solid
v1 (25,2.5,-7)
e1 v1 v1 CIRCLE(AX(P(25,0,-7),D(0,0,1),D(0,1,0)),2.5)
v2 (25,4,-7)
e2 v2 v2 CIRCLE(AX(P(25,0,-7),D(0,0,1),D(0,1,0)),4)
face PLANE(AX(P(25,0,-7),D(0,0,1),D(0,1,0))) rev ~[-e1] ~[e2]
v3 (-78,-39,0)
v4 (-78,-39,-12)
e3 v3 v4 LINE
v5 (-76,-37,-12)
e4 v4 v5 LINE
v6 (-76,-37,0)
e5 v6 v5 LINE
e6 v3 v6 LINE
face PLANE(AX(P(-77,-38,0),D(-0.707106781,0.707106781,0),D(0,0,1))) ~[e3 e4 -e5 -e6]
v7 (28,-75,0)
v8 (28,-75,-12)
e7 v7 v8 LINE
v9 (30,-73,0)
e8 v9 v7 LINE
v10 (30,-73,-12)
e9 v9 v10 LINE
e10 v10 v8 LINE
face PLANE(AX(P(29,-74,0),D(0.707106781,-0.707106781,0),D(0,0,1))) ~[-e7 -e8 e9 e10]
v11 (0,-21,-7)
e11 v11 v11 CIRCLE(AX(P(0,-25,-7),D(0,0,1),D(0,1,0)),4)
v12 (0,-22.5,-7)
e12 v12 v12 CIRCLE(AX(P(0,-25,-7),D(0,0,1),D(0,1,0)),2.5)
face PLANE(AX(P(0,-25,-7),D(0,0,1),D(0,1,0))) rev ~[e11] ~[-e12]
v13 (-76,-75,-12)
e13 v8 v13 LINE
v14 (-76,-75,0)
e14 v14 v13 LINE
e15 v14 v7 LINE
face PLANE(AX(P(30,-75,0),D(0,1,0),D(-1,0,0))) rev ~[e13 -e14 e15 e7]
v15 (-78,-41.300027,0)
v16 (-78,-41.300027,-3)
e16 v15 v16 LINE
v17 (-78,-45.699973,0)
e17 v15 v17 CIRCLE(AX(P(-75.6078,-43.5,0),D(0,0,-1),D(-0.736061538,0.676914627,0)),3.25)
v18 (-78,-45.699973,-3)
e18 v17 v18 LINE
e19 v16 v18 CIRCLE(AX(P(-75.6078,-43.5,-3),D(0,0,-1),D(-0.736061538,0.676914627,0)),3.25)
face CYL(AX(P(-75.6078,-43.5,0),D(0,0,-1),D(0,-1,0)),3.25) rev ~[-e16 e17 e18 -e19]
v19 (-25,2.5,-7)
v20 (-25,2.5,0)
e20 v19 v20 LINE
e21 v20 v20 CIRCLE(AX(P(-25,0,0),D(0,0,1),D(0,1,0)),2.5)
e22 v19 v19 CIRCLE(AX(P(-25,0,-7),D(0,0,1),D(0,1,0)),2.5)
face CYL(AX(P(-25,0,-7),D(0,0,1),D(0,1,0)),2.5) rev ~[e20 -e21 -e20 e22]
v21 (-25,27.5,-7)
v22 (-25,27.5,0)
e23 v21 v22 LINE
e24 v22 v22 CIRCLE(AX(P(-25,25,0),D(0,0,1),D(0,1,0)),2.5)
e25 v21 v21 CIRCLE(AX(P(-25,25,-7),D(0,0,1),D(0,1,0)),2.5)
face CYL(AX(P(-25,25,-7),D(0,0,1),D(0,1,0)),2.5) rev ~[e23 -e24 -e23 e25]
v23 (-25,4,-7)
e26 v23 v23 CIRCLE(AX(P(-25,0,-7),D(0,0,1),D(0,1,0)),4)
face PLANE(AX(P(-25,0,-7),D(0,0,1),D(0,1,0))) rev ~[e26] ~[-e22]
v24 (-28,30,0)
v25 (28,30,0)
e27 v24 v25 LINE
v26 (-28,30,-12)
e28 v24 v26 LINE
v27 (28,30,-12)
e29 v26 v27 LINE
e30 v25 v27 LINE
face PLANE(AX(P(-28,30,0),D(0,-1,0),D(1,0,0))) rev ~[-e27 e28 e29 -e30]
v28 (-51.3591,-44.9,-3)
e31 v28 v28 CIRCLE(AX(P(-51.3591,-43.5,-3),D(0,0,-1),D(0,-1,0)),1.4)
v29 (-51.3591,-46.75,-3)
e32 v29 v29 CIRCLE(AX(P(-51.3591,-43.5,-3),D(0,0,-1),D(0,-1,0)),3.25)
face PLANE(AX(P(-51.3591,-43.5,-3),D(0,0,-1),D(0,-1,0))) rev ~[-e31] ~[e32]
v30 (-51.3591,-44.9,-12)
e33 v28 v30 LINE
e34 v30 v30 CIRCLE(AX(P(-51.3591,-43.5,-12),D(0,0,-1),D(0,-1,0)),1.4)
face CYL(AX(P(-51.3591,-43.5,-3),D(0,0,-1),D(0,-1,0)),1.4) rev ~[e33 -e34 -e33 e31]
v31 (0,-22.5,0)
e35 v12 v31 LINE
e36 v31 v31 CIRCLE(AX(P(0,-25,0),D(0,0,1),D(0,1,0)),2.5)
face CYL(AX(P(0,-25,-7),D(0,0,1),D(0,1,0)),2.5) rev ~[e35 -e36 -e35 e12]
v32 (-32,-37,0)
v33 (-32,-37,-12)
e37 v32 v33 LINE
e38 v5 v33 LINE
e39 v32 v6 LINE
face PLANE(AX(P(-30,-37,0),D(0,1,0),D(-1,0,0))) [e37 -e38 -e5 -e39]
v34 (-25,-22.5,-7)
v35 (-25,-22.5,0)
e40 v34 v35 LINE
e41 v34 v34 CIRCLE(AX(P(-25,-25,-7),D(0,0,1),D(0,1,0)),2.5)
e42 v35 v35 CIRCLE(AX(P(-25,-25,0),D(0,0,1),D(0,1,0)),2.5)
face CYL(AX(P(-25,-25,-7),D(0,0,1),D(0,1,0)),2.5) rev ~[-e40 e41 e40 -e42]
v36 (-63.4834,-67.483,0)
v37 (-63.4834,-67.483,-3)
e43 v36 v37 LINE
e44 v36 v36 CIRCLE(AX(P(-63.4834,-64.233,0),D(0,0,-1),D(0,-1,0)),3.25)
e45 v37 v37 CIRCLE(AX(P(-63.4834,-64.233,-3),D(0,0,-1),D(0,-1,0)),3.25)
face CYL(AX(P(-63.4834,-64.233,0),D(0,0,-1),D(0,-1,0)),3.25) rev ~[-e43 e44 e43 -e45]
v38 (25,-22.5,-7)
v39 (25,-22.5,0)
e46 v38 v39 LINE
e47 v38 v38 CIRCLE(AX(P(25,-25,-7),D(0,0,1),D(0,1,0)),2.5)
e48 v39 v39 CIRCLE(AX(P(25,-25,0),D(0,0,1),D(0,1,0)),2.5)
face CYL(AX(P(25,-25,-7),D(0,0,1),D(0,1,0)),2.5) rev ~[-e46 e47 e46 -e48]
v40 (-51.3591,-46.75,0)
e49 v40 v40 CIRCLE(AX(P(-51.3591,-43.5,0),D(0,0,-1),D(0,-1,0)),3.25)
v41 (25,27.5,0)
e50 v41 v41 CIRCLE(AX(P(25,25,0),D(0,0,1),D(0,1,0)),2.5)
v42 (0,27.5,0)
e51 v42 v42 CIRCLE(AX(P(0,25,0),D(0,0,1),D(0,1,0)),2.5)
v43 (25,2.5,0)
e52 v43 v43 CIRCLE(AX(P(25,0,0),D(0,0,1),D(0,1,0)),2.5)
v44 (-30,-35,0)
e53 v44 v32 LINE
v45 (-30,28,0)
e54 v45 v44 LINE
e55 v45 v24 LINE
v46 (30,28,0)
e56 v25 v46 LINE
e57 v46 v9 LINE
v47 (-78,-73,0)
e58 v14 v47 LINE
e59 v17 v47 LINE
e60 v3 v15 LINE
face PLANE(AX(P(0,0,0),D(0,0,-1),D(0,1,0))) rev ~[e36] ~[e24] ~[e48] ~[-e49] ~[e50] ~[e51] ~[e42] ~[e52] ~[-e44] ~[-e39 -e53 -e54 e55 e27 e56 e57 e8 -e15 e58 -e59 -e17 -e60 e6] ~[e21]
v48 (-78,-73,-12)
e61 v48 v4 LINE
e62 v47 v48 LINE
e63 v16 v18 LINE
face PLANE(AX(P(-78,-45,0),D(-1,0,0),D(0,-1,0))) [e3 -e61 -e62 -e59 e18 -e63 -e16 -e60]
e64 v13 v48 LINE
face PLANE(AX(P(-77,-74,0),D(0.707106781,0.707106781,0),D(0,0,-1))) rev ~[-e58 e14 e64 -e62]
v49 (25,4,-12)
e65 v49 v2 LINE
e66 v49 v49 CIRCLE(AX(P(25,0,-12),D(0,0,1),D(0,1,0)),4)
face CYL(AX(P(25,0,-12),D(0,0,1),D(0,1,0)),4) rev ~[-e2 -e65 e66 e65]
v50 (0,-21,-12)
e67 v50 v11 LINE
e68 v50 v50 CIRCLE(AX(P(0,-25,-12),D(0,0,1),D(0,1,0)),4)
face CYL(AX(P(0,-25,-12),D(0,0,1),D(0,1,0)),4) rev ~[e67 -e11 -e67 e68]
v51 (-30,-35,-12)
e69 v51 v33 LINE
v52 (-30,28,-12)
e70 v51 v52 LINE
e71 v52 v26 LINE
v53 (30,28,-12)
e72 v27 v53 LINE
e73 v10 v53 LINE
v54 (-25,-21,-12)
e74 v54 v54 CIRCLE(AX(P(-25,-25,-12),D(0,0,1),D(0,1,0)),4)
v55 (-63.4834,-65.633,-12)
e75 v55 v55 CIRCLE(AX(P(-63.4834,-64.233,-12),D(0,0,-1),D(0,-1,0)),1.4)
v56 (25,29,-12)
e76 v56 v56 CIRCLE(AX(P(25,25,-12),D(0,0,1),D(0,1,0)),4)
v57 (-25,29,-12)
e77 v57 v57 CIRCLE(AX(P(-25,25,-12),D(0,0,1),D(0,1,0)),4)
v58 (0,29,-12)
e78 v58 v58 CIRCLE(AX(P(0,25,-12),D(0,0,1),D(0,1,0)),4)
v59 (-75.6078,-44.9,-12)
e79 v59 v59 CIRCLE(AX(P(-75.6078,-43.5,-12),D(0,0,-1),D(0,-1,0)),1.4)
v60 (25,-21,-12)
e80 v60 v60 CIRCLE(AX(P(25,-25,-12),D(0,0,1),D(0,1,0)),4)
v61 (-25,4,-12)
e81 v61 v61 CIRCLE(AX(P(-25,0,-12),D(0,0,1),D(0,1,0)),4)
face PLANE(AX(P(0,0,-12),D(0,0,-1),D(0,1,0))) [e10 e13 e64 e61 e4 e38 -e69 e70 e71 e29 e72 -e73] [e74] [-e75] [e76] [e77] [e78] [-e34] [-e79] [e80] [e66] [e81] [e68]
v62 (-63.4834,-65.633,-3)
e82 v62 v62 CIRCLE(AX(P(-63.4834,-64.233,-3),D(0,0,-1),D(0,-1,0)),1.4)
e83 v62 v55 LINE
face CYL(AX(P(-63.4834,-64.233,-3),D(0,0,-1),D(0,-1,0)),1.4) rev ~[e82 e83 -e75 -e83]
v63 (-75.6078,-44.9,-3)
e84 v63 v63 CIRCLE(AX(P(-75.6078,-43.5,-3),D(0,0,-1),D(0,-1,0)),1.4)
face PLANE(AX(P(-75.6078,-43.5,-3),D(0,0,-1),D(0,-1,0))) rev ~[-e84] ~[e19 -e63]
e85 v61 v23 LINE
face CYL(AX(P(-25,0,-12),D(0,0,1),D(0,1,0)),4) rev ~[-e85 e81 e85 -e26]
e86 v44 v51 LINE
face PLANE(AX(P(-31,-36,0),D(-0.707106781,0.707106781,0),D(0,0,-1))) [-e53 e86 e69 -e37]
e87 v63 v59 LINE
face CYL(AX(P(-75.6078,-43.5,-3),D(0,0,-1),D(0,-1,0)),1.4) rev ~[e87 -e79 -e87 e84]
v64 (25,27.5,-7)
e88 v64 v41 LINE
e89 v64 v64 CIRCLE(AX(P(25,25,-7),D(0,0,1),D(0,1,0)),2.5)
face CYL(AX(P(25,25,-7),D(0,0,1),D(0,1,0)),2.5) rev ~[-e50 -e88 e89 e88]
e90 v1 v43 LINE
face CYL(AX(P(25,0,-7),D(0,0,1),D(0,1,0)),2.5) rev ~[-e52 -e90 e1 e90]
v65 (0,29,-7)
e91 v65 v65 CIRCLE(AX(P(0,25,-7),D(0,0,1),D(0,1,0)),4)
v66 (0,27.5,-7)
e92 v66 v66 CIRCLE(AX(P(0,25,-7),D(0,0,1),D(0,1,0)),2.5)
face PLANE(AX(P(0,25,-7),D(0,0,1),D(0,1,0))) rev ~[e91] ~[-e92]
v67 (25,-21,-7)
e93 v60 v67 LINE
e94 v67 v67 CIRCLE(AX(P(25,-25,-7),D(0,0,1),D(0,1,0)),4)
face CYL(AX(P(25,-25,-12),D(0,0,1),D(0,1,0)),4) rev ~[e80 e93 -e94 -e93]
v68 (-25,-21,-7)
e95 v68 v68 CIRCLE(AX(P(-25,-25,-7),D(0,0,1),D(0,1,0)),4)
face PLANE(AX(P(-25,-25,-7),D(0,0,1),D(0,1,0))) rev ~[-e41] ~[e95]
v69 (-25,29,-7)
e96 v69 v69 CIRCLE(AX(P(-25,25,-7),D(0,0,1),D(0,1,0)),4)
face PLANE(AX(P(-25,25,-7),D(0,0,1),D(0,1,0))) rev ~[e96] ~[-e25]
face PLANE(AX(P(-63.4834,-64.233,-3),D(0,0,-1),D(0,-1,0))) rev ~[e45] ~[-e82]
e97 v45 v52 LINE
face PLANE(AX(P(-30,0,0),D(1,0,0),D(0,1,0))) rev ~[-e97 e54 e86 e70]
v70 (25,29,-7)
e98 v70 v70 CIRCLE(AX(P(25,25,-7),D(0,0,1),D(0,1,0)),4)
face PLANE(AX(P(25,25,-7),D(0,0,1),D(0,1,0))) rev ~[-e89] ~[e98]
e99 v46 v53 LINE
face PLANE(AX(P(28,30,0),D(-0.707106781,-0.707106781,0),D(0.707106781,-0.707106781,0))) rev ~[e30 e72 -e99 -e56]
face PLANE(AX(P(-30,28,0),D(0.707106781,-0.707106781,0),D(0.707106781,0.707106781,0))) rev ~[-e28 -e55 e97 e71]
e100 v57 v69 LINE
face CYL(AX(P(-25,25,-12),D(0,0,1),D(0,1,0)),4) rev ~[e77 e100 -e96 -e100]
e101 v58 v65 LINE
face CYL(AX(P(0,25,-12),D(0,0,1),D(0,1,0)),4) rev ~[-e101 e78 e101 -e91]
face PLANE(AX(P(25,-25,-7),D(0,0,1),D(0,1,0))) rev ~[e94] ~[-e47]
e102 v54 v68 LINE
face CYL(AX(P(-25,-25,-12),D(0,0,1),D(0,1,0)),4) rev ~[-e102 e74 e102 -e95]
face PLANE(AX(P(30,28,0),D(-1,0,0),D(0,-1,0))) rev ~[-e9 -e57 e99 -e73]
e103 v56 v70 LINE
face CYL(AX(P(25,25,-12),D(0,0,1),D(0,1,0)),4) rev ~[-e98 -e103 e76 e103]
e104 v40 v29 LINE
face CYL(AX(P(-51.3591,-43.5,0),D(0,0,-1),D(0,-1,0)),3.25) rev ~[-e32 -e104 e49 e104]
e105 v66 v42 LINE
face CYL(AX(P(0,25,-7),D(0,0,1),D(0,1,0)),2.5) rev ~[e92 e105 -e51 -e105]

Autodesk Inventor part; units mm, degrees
ref_plane "YZ Plane" through (0, 0, 0) normal (1, 0, 0) x (0, 1, 0)
ref_plane "XZ Plane" through (0, 0, 0) normal (0, 1, 0) x (-1, 0, 0)
ref_plane "XY Plane" through (0, 0, 0) normal (0, 0, 1) x (1, 0, 0)
ref_plane "Arbeitsebene2" through (0, 0, 0) normal (0, 0, -1) x (0, 1, 0)
sketch "Skizze6" plane through (0, 0, 0) normal (0, 0, -1) x (0, 1, 0)
  circle A0 centre (0, 25) radius 1.95 projected
  circle A1 centre (-25, 0) radius 1.95 projected
  circle A2 centre (-25, -25) radius 1.95 projected
  circle A3 centre (25, 25) radius 1.95 projected
  circle A4 centre (25, -25) radius 1.95 projected
  circle A5 centre (-25, 25) radius 1.95 projected
  circle A6 centre (25, 0) radius 1.95 projected
  circle A7 centre (0, -25) radius 1.95 projected
  line L0 (-28, 30) -> (-30, 28) projected
  line L1 (-30, 28) -> (-30, -28) projected
  line L2 (-30, -28) -> (-28, -30) projected
  line L3 (-28, -30) -> (28, -30) projected
  line L4 (28, -30) -> (30, -28) projected
  line L5 (30, -28) -> (30, 28) projected
  line L6 (30, 28) -> (28, 30) projected
  line L7 (28, 30) -> (-28, 30) projected
  line L8 (-40.5166, -48.4344) -> (-70.5166, -48.4344) construction
  line L9 (-70.5166, -48.4344) -> (-70.5166, -78.4344) construction
  line L10 (-70.5166, -78.4344) -> (-40.5166, -78.4344) construction
  line L11 (-40.5166, -78.4344) -> (-40.5166, -48.4344) construction
  line L12 (-40.5166, -48.4344) -> (-70.5166, -78.4344) construction
  line L13 (-70.5166, -48.4344) -> (-40.5166, -78.4344) construction
  line L14 (-75, -48) -> (-45, -48)
  line L15 (-45, -48) -> (-45, -78)
  line L16 (-45, -78) -> (-75, -78)
  line L17 (-75, -78) -> (-75, -48)
  line L18 (-75, -48) -> (-45, -78) construction
  line L19 (-45, -48) -> (-75, -78) construction
  line L20 (-45, -48) -> (-30, -48)
  line L21 (-30, -48) -> (-30, -28)
  line L22 (-45, -78) -> (0, -78)
  line L23 (0, -78) -> (0, -30)
  circle A8 centre (-55.5095, -63.317) radius 8.4793 projected
  line L24 (-28, 30) -> (-75, 30)
  line L25 (-75, 30) -> (-75, -48)
  line L26 (-28, -30) -> (-45, -30)
  line L27 (-45, -30) -> (-45, -48)
  line L28 (-45, -78) -> (-37, -78)
  line L29 (-37, -78) -> (-37, -48)
  line L30 (-37, -48) -> (-45, -48)
  line L31 (-45, -48) -> (-45, -78)
  line L32 (-45, -30) -> (-37, -30)
  line L33 (-37, -30) -> (-37, -48)
  line L34 (-37, -48) -> (-45, -48)
  line L35 (-45, -48) -> (-45, -30)
  point P0 (0, 0)
  point P1 (-55.5166, -63.4344)
  point P2 (-60, -63)
  dimension "d10" = 30
  dimension "d11" = 30
  dimension "d12" = 30
  dimension "d13" = 30
  dimension "d14" = 45
  dimension "d15" = 18
  dimension "d28" = 8
extrude "Extrusion1" add sketch "Skizze6" along normal blind 12 contours L7 L6 L5 L4 L3 L2 L1 L0 | L0 L1 L21 L26 L27 L14 L25 L24 | L2 L26 L21 | L14 L15 L16 L17 | L20 L29 L22 L15 | L27 L26 L33 L20 | A8
chamfer "Fase1" distance 2 angle 45 4 edges at (-78, -75, -6) (30, -75, -6) (-30, -37, -6) (-78, -37, -6)
sketch "Skizze7" plane through (0, 0, -12) normal (0, 0, -1) x (-1, 0, 0)
  line L0 (30, -35) -> (30, 28) projected
  line L1 (30, 28) -> (28, 30) projected
  line L2 (28, 30) -> (-28, 30) projected
  line L3 (-28, 30) -> (-30, 28) projected
  line L4 (-30, 28) -> (-30, -73) projected
  circle A0 centre (25, 0) radius 1.95 projected
  circle A1 centre (0, 25) radius 1.95 projected
  circle A2 centre (-25, -25) radius 1.95 projected
  circle A3 centre (25, 25) radius 1.95 projected
  circle A4 centre (-25, 25) radius 1.95 projected
  circle A5 centre (25, -25) radius 1.95 projected
  circle A6 centre (0, -25) radius 1.95 projected
  circle A7 centre (-25, 0) radius 1.95 projected
  line L5 (78, -73) -> (76, -75) projected
  line L6 (-28, -75) -> (76, -75) projected
  line L7 (-28, -75) -> (-30, -73) projected
  line L8 (78, -73) -> (78, -39) projected
  line L9 (76, -37) -> (32, -37) projected
  line L10 (76, -37) -> (78, -39) projected
  line L11 (30, -35) -> (32, -37) projected
  point P0 (0, 0)
hole "Bohrung2" at (-25, 25, -12) at (-25, 0, -12) at (-25, -25, -12) at (25, -25, -12) at (25, 0, -12) at (25, 25, -12) at (0, 25, -12) at (0, -25, -12) direction (0, 0, 1) diameter 5 end through all counterbore diameter 8 counterbore depth 5
sketch "Skizze8" plane through (0, 0, 0) normal (0, 0, 1) x (1, 0, 0)
  circle A0 centre (-63.4834, -64.233) radius 2.95 projected
  circle A1 centre (-75.6078, -43.5) radius 2.95 projected
  circle A2 centre (-51.3591, -43.5) radius 2.95 projected
  point P0 (0, 0)
hole "Bohrung3" at (-51.3591, -43.5, 0) at (-63.4834, -64.233, 0) at (-75.6078, -43.5, 0) direction (0, 0, -1) diameter 2.8 end through all counterbore diameter 6.5 counterbore depth 3
equation "\"BendRadius\" = Thickness"
equation "\"BendReliefWidth\" = Thickness"
equation "\"BendReliefDepth\" = 0.5 * Thickness"
equation "\"CornerReliefSize\" = 4 * Thickness"
equation "\"MinimumRemnant\" = 2 * Thickness"
equation "\"TransitionRadius\" = BendRadius"
equation "\"JacobiRadiusSize\" = Thickness"
equation "\"GapSize\" = Thickness"
equation "\"Thickness\" = 0.5"
properties part number "cellSTORM_Base_v0_R1"
